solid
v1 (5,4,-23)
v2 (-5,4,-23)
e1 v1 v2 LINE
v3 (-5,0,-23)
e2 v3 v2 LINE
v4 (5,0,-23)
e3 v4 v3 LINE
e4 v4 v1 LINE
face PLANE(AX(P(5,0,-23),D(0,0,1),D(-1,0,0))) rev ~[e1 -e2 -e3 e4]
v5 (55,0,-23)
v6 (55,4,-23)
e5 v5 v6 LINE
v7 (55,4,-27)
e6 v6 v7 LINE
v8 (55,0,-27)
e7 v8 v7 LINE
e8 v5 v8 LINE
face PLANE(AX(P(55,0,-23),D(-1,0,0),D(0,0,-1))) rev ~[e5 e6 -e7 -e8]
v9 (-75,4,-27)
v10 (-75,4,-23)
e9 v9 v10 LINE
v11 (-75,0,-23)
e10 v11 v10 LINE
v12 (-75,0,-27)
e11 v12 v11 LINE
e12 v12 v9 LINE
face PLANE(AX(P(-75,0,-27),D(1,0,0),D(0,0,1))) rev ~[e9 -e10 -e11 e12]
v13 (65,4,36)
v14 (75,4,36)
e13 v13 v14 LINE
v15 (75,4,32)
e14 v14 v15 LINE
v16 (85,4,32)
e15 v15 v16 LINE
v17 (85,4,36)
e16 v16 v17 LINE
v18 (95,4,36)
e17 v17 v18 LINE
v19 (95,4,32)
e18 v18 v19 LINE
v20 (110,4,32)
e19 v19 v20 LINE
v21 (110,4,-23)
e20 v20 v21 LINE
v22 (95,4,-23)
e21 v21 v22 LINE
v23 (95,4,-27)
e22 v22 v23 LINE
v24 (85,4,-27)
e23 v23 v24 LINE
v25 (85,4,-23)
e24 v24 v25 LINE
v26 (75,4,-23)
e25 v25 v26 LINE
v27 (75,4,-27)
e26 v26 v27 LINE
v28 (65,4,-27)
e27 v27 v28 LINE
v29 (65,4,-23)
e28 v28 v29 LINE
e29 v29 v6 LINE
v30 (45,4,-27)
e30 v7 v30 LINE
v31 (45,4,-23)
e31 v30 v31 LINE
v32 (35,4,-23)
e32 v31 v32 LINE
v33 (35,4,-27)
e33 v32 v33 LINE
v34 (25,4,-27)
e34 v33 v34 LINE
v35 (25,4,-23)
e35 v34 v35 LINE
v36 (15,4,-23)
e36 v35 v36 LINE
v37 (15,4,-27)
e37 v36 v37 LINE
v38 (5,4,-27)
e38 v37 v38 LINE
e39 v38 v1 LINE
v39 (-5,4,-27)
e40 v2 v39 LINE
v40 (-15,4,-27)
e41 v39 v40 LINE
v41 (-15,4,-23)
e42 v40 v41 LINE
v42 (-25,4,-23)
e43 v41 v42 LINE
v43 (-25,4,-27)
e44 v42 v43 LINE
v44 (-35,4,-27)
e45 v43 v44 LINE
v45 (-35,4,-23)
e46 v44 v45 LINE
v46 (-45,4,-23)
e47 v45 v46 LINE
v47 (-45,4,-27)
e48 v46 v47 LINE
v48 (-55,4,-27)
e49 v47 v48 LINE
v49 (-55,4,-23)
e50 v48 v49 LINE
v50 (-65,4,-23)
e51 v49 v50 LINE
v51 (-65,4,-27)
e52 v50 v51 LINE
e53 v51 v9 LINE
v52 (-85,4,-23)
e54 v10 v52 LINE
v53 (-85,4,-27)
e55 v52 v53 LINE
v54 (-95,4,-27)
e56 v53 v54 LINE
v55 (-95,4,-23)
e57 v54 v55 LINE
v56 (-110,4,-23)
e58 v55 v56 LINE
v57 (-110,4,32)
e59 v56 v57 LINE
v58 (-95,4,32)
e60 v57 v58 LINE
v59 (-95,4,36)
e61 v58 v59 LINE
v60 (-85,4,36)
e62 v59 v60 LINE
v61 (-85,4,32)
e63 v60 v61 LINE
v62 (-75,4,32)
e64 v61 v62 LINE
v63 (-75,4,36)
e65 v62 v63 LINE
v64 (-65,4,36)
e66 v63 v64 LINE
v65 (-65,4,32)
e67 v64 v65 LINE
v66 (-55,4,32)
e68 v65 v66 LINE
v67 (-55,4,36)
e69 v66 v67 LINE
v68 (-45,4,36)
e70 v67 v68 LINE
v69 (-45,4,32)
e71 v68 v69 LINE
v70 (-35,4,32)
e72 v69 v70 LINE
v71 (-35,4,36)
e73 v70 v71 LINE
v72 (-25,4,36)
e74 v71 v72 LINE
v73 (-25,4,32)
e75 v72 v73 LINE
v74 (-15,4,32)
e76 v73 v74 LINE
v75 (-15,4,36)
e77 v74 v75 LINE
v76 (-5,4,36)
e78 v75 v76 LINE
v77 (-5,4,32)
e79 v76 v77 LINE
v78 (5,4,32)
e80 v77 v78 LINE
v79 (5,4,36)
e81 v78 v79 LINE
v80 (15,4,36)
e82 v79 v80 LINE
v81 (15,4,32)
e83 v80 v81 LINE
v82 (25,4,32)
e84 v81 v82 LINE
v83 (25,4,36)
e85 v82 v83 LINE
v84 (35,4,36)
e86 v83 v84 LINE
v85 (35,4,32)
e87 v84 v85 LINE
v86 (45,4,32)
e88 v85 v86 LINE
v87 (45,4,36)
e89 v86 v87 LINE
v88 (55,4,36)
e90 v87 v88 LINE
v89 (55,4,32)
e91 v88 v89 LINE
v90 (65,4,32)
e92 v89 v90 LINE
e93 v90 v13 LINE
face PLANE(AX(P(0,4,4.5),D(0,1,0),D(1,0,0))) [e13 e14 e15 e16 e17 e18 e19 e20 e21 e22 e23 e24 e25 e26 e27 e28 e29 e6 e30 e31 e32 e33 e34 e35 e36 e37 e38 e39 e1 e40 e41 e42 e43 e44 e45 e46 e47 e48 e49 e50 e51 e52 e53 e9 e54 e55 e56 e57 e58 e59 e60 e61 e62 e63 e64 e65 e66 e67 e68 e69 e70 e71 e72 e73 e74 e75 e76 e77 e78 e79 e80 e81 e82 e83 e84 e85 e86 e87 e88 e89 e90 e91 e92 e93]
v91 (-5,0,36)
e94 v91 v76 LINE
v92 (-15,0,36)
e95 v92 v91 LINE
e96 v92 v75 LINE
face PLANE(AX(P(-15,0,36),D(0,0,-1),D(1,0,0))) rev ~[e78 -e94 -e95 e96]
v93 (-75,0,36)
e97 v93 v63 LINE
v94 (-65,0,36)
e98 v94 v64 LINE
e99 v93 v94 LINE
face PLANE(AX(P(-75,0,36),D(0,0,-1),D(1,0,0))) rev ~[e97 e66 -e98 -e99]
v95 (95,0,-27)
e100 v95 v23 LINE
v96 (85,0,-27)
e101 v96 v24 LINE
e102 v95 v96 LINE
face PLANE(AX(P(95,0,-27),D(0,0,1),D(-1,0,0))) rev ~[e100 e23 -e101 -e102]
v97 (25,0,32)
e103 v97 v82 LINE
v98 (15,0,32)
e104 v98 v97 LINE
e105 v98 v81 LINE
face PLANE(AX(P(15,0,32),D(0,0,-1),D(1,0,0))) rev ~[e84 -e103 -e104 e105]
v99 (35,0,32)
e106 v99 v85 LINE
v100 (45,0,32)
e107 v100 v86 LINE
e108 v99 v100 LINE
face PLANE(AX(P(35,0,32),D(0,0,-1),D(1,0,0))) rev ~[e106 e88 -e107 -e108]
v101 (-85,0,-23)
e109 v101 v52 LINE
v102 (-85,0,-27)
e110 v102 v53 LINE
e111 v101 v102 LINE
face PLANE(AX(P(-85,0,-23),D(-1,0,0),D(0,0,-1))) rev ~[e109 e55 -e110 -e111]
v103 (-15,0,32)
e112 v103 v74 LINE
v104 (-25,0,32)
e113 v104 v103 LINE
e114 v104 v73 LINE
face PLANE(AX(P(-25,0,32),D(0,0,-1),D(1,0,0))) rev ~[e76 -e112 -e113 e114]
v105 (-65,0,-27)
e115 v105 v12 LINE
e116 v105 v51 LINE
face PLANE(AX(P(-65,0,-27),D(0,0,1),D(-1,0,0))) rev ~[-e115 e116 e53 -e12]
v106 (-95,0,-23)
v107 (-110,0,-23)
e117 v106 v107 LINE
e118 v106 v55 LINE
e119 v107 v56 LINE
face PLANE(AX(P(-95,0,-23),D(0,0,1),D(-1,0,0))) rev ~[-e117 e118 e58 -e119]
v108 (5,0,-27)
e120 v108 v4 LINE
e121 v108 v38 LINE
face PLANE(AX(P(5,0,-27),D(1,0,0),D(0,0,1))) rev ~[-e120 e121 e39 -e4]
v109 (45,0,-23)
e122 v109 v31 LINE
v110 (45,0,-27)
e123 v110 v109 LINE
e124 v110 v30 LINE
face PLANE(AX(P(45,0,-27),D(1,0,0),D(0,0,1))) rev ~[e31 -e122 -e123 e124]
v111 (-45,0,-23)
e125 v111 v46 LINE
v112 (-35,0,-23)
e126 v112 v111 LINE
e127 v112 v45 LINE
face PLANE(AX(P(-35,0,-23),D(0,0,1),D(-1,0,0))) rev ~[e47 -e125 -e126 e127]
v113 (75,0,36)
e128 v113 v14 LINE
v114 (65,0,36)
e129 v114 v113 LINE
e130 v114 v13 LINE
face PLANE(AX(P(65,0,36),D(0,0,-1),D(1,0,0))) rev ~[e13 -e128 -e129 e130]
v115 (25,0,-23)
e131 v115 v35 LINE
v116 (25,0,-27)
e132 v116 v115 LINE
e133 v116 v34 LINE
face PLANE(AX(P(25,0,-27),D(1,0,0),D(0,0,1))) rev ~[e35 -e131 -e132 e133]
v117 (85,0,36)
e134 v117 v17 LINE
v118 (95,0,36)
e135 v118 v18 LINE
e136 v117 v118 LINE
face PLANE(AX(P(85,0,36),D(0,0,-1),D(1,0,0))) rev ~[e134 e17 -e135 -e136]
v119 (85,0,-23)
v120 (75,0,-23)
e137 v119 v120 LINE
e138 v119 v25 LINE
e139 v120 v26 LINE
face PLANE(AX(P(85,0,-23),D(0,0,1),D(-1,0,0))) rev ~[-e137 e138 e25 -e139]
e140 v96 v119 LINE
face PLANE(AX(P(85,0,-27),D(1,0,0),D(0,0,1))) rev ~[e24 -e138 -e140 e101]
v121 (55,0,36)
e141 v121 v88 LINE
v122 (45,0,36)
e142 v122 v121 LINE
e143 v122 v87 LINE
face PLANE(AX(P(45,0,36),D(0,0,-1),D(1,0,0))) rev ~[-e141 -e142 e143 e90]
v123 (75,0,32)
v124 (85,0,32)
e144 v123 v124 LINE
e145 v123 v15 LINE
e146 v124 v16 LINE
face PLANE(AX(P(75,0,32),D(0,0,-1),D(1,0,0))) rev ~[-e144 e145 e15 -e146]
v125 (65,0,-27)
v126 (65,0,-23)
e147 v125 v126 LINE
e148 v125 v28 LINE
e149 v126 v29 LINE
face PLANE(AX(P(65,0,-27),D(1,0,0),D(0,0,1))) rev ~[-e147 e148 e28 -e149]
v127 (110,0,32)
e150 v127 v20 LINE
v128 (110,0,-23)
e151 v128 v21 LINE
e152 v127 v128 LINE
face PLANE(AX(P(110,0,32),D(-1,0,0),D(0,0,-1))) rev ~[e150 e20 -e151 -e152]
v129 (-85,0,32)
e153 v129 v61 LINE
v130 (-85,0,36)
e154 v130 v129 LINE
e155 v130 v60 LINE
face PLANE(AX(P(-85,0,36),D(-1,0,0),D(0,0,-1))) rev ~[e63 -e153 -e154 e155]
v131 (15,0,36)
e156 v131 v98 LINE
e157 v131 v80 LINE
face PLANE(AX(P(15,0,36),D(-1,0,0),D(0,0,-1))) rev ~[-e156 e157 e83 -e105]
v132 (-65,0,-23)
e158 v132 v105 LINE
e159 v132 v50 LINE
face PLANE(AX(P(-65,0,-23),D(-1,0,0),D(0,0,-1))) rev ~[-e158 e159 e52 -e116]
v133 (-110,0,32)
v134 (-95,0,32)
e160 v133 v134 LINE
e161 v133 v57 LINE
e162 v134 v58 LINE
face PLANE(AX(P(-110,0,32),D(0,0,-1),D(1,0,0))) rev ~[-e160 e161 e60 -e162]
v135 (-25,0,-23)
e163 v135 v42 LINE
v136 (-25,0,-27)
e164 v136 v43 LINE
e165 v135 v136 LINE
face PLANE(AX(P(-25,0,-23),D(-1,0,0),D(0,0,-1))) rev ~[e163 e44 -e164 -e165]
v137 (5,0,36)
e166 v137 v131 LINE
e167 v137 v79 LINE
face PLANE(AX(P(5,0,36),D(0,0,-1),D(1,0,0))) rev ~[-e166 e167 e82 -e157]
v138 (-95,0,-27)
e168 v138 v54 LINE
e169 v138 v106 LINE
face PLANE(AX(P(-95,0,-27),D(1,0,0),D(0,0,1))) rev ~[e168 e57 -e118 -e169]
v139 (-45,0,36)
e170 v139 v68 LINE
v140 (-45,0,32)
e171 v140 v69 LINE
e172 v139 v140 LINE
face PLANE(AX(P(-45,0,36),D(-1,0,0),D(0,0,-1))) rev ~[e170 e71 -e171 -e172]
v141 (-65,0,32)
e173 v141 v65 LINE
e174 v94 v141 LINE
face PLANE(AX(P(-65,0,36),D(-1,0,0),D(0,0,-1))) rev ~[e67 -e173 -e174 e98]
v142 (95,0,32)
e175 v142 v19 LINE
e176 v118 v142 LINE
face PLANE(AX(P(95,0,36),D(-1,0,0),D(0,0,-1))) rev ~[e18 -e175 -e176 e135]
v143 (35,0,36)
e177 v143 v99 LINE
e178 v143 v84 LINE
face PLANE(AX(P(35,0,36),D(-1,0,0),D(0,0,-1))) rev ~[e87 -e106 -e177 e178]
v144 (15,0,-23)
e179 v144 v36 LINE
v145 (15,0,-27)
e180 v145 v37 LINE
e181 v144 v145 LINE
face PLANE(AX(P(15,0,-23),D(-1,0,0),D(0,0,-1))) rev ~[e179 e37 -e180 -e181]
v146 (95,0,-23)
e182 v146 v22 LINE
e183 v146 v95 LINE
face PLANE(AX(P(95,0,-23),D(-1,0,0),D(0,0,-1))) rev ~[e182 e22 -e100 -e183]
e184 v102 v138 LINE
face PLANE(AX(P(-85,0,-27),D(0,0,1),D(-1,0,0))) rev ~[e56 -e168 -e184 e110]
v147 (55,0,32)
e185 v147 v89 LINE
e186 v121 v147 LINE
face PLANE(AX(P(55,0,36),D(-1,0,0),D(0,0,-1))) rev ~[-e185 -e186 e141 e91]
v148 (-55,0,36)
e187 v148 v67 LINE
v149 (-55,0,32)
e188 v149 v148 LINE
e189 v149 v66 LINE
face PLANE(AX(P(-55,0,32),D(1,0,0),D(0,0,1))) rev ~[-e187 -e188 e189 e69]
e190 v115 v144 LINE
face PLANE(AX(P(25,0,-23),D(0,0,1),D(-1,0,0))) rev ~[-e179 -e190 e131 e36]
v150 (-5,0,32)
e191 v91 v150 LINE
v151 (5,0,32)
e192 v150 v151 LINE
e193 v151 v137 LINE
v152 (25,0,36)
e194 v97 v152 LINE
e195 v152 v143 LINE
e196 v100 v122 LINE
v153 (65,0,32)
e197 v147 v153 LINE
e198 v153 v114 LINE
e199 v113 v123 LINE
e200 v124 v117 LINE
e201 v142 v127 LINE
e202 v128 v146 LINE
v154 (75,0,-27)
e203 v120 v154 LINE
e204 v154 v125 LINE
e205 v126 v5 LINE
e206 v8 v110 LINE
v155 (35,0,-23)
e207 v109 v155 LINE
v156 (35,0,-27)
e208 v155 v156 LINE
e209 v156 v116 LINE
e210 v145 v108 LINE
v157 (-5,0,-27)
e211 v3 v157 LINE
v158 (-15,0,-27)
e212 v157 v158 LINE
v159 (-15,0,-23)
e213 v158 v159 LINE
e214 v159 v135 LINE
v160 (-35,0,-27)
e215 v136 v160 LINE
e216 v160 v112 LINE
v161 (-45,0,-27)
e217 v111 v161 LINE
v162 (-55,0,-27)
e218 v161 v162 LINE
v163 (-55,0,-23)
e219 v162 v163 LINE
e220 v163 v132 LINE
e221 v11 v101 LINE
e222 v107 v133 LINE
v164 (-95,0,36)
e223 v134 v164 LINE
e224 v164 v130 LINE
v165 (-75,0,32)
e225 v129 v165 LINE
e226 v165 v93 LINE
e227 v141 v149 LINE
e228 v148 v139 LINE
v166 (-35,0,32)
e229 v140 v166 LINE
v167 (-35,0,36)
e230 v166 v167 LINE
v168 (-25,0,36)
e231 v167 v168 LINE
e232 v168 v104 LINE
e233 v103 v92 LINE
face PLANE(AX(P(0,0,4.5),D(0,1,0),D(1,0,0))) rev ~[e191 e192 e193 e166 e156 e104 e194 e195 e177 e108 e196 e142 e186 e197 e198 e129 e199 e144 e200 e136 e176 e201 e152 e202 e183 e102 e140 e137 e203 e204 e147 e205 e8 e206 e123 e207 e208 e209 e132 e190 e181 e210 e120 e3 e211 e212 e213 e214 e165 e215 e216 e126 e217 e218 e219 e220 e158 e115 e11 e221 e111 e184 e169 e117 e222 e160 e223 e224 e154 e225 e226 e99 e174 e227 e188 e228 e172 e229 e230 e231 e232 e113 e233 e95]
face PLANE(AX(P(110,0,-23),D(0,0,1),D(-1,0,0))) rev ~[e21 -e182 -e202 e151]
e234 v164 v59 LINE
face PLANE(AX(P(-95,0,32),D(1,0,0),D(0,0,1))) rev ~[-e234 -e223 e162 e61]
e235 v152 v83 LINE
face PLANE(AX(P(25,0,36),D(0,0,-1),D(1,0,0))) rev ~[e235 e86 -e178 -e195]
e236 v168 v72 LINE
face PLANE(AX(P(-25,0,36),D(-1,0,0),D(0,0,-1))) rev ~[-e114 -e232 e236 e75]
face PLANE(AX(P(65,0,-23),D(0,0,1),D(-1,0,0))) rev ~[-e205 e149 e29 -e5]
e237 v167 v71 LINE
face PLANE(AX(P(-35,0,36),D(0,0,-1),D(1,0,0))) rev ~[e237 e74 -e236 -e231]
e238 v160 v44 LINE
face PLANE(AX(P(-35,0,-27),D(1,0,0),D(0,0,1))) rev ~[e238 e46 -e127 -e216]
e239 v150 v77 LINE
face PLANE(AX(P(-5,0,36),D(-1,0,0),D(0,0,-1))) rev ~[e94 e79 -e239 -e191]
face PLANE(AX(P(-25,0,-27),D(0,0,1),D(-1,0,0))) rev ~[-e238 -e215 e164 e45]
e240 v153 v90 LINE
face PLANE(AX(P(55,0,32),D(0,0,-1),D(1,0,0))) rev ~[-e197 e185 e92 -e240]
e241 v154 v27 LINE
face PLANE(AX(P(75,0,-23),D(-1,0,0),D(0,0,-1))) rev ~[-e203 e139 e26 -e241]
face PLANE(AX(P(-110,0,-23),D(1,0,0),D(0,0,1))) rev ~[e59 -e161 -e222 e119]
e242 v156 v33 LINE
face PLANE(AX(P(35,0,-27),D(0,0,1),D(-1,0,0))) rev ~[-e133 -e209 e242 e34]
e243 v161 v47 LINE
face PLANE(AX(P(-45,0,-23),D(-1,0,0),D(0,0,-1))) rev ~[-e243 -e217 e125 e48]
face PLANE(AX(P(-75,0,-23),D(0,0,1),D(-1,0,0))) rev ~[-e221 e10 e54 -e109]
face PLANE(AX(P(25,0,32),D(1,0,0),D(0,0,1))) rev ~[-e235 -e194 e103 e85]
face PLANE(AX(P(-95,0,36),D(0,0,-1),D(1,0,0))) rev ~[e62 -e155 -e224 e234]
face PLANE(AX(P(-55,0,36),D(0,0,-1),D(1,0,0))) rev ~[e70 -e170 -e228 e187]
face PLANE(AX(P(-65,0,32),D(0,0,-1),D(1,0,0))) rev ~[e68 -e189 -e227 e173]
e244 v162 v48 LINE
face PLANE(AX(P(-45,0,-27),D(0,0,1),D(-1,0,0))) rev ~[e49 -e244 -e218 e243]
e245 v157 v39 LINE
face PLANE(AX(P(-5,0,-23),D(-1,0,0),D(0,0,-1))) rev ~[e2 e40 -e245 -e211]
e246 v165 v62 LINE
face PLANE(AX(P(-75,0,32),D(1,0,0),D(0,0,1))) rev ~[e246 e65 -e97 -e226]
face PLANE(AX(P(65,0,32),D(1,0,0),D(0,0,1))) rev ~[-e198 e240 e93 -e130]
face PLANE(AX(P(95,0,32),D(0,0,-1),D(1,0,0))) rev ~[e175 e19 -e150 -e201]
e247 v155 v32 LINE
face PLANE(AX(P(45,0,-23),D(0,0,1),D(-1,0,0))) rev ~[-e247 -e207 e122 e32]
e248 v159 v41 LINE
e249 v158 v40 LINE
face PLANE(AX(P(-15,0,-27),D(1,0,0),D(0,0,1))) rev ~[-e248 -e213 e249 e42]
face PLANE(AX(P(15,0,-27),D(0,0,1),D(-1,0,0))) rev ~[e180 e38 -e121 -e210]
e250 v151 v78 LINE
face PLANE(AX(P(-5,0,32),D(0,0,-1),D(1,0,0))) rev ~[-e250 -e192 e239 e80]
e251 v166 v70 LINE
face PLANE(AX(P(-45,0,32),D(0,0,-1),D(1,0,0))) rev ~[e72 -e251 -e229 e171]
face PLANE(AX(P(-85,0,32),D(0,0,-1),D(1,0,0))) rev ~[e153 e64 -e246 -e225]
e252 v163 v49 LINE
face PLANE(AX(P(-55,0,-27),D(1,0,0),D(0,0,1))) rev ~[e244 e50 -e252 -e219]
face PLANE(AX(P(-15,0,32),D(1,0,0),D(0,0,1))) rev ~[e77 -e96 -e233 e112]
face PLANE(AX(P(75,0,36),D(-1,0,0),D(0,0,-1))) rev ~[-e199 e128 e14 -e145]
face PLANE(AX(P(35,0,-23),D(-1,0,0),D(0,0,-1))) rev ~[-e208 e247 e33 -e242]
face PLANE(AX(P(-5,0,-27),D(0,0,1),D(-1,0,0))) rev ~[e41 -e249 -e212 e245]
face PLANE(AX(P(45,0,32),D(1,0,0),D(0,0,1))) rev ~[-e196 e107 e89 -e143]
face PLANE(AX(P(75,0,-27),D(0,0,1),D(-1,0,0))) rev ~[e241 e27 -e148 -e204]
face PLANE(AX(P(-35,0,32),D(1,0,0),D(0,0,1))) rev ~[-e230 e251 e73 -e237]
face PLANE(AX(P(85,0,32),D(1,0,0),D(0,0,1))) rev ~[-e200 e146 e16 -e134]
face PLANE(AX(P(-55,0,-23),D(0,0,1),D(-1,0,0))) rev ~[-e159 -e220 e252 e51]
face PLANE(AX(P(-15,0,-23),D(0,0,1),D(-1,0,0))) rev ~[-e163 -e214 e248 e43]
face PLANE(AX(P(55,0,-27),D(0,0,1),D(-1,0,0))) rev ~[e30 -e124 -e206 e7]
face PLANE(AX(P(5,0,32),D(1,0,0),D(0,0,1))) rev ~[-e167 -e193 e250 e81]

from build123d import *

# Parameters (mm, degrees)
EXTRUDE_2_DEPTH = 4


with BuildPart() as part:
    # Эскиз3 → Бобышка-Вытянуть2 (new body)
    with BuildSketch(Plane(origin=(0, 0, 0), x_dir=(1, 0, 0), z_dir=(0, 1, 0))):
        Polygon((110, -32), (110, 23), (95, 23), (95, 27), (85, 27), (85, 23), (75, 23), (75, 27), (65, 27), (65, 23), (55, 23), (55, 27), (45, 27), (45, 23), (35, 23), (35, 27), (25, 27), (25, 23), (15, 23), (15, 27), (5, 27), (5, 23), (-5, 23), (-5, 27), (-15, 27), (-15, 23), (-25, 23), (-25, 27), (-35, 27), (-35, 23), (-45, 23), (-45, 27), (-55, 27), (-55, 23), (-65, 23), (-65, 27), (-75, 27), (-75, 23), (-85, 23), (-85, 27), (-95, 27), (-95, 23), (-110, 23), (-110, -32), (-95, -32), (-95, -36), (-85, -36), (-85, -32), (-75, -32), (-75, -36), (-65, -36), (-65, -32), (-55, -32), (-55, -36), (-45, -36), (-45, -32), (-35, -32), (-35, -36), (-25, -36), (-25, -32), (-15, -32), (-15, -36), (-5, -36), (-5, -32), (5, -32), (5, -36), (15, -36), (15, -32), (25, -32), (25, -36), (35, -36), (35, -32), (45, -32), (45, -36), (55, -36), (55, -32), (65, -32), (65, -36), (75, -36), (75, -32), (85, -32), (85, -36), (95, -36), (95, -32), align=None)
    extrude(amount=EXTRUDE_2_DEPTH)


solid = part.part
